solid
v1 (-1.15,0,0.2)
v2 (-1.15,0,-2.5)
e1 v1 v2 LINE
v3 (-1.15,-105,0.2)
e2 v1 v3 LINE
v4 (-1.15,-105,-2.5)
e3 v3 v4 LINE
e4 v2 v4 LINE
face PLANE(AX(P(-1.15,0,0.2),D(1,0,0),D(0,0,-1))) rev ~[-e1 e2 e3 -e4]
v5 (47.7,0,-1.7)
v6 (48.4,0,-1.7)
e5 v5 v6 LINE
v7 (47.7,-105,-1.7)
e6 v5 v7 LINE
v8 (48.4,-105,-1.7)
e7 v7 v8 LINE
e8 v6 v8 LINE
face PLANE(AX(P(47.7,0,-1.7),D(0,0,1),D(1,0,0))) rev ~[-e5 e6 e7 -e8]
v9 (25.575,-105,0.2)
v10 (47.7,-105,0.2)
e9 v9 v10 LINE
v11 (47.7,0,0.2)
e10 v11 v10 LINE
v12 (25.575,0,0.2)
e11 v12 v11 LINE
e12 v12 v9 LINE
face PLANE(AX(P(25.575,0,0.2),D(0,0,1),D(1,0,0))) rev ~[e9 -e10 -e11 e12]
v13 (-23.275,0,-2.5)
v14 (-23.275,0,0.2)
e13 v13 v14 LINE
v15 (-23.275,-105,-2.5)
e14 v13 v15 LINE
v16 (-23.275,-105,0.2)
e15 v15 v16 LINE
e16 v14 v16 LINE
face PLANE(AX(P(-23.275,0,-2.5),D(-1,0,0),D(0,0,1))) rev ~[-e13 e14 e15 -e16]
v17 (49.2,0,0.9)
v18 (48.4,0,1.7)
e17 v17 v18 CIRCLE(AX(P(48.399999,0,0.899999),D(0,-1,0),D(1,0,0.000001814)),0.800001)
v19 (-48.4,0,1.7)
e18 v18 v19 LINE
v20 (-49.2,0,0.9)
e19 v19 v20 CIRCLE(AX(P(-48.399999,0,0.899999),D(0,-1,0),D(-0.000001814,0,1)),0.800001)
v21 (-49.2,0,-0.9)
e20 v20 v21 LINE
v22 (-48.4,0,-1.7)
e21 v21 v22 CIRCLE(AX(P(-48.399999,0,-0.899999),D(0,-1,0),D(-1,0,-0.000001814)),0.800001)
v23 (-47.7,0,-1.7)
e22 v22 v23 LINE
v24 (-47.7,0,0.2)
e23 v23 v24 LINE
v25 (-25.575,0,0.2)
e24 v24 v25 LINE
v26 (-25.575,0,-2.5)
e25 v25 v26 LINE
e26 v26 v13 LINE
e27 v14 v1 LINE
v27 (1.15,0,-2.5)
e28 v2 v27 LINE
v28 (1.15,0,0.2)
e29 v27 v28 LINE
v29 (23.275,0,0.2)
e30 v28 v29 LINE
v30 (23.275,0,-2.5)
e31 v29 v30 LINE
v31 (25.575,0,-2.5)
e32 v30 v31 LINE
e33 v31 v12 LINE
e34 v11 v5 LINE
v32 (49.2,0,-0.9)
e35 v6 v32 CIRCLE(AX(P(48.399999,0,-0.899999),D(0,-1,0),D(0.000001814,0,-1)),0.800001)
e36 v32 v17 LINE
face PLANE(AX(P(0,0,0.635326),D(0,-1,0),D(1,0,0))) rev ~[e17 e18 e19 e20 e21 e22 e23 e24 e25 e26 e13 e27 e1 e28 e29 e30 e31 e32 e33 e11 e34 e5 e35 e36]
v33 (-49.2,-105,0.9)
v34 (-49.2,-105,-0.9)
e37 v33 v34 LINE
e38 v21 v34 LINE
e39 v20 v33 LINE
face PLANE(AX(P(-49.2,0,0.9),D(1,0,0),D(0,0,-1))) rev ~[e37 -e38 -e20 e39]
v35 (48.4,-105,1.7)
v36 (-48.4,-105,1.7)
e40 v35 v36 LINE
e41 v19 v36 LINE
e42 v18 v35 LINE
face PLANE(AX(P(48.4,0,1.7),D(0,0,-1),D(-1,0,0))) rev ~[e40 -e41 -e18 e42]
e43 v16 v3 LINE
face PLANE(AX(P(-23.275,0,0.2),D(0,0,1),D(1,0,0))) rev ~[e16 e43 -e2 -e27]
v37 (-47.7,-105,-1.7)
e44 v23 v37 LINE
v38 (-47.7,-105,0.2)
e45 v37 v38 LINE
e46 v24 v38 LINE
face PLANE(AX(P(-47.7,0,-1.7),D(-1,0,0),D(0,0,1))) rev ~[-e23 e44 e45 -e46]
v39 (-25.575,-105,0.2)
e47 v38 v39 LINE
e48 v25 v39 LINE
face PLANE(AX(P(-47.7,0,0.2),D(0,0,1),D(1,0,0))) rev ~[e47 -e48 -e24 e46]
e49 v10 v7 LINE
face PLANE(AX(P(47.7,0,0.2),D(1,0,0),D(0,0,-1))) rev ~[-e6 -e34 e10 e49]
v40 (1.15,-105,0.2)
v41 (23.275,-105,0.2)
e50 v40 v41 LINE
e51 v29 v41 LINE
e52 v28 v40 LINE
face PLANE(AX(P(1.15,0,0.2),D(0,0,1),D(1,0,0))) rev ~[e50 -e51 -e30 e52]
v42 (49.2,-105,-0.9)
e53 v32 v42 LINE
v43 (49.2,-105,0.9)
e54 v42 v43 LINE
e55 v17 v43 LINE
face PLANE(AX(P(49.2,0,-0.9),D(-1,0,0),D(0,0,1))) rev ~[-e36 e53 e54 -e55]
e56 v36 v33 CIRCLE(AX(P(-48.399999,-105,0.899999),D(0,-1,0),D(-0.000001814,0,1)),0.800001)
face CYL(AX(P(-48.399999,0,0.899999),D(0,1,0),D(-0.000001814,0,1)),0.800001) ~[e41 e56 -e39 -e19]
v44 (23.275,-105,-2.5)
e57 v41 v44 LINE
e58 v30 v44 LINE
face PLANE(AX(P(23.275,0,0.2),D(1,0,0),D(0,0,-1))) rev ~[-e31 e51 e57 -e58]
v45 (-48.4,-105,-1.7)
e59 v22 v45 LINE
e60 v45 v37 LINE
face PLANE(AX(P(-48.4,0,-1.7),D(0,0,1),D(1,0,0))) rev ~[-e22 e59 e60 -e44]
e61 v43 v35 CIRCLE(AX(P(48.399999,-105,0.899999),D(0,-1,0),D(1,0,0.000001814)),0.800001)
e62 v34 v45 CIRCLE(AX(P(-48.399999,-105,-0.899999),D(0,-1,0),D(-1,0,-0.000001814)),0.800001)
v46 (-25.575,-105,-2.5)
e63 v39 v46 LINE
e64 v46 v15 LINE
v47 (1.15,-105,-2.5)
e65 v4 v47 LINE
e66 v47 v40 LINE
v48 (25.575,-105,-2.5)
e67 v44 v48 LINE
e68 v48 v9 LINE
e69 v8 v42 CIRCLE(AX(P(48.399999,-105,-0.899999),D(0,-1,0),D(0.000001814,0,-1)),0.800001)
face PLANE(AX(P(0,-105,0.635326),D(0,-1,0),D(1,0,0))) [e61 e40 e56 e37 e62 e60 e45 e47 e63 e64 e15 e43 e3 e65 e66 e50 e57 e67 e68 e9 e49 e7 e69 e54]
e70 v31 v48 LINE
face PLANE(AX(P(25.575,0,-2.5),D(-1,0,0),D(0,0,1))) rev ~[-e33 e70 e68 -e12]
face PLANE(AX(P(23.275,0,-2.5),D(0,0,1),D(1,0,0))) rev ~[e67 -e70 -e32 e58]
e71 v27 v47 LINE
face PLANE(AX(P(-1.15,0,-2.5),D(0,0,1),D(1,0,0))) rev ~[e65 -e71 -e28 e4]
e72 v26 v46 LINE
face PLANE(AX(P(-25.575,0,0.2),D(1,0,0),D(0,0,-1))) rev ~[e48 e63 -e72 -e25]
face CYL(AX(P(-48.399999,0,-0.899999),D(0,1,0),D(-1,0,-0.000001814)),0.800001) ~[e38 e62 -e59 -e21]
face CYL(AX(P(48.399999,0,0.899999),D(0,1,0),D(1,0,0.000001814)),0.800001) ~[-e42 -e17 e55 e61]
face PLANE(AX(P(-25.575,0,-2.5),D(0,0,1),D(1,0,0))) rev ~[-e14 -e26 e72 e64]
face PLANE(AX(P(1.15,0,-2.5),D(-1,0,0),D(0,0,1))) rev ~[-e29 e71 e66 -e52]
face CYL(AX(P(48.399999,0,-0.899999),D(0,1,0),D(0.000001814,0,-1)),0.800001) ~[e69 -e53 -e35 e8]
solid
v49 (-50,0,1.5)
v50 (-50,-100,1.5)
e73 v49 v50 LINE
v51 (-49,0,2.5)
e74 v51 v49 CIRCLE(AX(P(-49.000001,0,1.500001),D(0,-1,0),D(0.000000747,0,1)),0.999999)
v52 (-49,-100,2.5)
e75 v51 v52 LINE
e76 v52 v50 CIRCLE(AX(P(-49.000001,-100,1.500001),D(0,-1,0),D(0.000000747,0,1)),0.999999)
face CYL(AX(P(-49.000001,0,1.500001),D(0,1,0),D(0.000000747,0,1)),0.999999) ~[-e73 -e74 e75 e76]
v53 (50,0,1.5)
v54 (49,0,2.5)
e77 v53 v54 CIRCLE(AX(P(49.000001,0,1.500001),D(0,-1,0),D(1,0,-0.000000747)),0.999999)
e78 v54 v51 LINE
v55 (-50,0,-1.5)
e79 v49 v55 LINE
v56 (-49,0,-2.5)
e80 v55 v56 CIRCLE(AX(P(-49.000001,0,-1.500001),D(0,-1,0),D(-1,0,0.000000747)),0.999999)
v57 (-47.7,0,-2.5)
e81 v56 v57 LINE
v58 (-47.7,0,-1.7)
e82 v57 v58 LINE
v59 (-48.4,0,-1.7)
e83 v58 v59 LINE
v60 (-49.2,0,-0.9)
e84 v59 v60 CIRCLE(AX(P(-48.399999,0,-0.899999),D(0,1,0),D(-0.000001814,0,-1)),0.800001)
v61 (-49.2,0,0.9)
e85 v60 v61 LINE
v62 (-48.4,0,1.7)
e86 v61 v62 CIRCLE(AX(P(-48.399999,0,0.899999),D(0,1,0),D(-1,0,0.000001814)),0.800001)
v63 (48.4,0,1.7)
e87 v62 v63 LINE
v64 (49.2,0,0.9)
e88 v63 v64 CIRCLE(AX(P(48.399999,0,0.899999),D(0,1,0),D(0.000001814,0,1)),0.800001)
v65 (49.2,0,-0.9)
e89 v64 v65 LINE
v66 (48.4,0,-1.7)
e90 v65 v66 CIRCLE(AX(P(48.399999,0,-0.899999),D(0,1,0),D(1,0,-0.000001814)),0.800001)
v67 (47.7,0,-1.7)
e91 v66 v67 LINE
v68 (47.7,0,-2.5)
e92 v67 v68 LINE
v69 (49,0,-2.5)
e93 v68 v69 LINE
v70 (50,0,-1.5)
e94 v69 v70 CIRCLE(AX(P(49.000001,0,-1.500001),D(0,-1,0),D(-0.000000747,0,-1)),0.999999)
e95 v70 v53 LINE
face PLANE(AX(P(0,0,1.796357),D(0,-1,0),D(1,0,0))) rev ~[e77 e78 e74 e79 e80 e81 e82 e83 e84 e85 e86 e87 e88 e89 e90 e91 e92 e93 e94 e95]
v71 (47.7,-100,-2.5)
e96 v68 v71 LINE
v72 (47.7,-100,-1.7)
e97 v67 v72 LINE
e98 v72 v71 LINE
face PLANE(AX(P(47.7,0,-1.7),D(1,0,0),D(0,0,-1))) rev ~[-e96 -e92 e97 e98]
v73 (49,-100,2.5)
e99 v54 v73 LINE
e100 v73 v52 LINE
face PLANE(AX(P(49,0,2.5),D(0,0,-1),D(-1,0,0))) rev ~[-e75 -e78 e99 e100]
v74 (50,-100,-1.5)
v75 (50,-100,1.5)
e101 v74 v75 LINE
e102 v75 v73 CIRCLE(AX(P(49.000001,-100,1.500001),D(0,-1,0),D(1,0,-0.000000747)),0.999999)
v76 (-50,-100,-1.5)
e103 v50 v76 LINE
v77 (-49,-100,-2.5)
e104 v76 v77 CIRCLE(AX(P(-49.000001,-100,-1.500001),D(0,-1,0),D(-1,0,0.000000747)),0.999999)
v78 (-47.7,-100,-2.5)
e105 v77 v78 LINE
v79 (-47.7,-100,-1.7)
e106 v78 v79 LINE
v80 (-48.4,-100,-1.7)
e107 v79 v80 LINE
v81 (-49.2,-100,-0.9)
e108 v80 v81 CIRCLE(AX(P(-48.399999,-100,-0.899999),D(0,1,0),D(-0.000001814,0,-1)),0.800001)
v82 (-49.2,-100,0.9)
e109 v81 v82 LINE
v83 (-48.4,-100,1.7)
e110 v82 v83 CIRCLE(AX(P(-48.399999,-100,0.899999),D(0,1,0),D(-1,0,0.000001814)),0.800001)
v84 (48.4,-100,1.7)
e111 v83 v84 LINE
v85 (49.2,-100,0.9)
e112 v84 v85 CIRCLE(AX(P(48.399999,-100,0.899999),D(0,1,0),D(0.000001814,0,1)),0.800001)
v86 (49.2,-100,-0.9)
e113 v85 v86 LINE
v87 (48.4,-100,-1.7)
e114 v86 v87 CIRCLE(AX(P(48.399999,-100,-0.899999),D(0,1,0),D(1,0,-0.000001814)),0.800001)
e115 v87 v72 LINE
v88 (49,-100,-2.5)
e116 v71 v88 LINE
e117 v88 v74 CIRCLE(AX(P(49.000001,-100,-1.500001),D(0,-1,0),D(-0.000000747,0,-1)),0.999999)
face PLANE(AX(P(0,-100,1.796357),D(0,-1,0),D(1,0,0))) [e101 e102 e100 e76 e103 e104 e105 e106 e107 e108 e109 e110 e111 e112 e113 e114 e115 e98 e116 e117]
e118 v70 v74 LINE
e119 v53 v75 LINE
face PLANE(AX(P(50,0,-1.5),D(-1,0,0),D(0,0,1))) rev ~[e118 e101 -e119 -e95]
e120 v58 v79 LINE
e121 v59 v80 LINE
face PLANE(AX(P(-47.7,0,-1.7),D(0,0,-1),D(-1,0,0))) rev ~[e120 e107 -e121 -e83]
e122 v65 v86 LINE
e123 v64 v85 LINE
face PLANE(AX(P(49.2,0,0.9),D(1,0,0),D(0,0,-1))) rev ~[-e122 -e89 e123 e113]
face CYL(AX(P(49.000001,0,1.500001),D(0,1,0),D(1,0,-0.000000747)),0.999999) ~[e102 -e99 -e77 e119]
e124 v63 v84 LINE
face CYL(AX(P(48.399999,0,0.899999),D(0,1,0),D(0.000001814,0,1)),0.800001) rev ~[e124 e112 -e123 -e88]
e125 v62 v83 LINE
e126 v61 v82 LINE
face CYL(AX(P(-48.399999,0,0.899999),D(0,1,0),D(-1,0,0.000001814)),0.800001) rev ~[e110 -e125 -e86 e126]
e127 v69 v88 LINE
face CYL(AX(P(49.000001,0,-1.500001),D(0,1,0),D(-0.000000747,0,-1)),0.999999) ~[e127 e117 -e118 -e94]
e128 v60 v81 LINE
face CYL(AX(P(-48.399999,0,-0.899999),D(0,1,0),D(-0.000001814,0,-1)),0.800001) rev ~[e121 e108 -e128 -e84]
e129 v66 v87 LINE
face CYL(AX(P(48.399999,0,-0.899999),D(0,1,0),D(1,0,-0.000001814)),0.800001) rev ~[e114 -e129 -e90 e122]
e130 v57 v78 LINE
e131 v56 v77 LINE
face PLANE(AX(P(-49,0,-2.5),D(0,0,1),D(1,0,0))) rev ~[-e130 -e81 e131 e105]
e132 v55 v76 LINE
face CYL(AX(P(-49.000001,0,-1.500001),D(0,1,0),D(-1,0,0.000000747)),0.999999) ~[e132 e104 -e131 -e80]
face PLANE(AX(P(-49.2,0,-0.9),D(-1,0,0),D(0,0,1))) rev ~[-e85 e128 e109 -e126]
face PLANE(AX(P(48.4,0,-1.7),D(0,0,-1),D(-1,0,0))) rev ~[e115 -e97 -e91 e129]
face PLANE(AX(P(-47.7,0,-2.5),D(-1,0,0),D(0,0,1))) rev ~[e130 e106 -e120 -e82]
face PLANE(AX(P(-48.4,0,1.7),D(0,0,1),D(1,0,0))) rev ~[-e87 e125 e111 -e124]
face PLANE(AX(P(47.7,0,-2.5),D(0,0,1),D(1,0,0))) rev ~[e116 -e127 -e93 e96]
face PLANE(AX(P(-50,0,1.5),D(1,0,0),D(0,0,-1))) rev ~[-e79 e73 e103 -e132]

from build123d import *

# Parameters (mm, degrees)
F1_DEPTH = 100
F2_DEPTH = 105


with BuildPart() as f1:
    # F0 (on Front) → F1 (new body)
    with BuildSketch(Plane.XZ):
        with BuildLine():
            ThreePointArc((50, 1.5), (49.707107, 2.207107), (49, 2.5))
            Line((49, 2.5), (-49, 2.5))
            ThreePointArc((-49, 2.5), (-49.707107, 2.207107), (-50, 1.5))
            Line((-50, 1.5), (-50, -1.5))
            ThreePointArc((-50, -1.5), (-49.707107, -2.207107), (-49, -2.5))
            Line((-49, -2.5), (-47.7, -2.5))
            Line((-47.7, -2.5), (-47.7, -1.7))
            Line((-47.7, -1.7), (-48.4, -1.7))
            ThreePointArc((-48.4, -1.7), (-48.965685, -1.465685), (-49.2, -0.9))
            Line((-49.2, -0.9), (-49.2, 0.9))
            ThreePointArc((-49.2, 0.9), (-48.965685, 1.465685), (-48.4, 1.7))
            Line((-48.4, 1.7), (48.4, 1.7))
            ThreePointArc((48.4, 1.7), (48.965685, 1.465685), (49.2, 0.9))
            Line((49.2, 0.9), (49.2, -0.9))
            ThreePointArc((49.2, -0.9), (48.965685, -1.465685), (48.4, -1.7))
            Line((48.4, -1.7), (47.7, -1.7))
            Line((47.7, -1.7), (47.7, -2.5))
            Line((47.7, -2.5), (49, -2.5))
            ThreePointArc((49, -2.5), (49.707107, -2.207107), (50, -1.5))
            Line((50, -1.5), (50, 1.5))
        make_face()
    extrude(amount=F1_DEPTH)


with BuildPart() as f2:
    # F0 (on Front) → F2 (new body)
    with BuildSketch(Plane.XZ):
        with BuildLine():
            Line((47.7, 0.2), (47.7, -1.7))
            Line((47.7, -1.7), (48.4, -1.7))
            ThreePointArc((48.4, -1.7), (48.965685, -1.465685), (49.2, -0.9))
            Line((49.2, -0.9), (49.2, 0.9))
            ThreePointArc((49.2, 0.9), (48.965685, 1.465685), (48.4, 1.7))
            Line((48.4, 1.7), (-48.4, 1.7))
            ThreePointArc((-48.4, 1.7), (-48.965685, 1.465685), (-49.2, 0.9))
            Line((-49.2, 0.9), (-49.2, -0.9))
            ThreePointArc((-49.2, -0.9), (-48.965685, -1.465685), (-48.4, -1.7))
            Line((-48.4, -1.7), (-47.7, -1.7))
            Line((-47.7, -1.7), (-47.7, 0.2))
            Line((-47.7, 0.2), (-25.575, 0.2))
            Line((-25.575, 0.2), (-25.575, -2.5))
            Line((-25.575, -2.5), (-23.275, -2.5))
            Line((-23.275, -2.5), (-23.275, 0.2))
            Line((-23.275, 0.2), (-1.15, 0.2))
            Line((-1.15, 0.2), (-1.15, -2.5))
            Line((-1.15, -2.5), (1.15, -2.5))
            Line((1.15, -2.5), (1.15, 0.2))
            Line((1.15, 0.2), (23.275, 0.2))
            Line((23.275, 0.2), (23.275, -2.5))
            Line((23.275, -2.5), (25.575, -2.5))
            Line((25.575, -2.5), (25.575, 0.2))
            Line((25.575, 0.2), (47.7, 0.2))
        make_face()
    extrude(amount=F2_DEPTH)


solid = Compound([f1.part, f2.part])
